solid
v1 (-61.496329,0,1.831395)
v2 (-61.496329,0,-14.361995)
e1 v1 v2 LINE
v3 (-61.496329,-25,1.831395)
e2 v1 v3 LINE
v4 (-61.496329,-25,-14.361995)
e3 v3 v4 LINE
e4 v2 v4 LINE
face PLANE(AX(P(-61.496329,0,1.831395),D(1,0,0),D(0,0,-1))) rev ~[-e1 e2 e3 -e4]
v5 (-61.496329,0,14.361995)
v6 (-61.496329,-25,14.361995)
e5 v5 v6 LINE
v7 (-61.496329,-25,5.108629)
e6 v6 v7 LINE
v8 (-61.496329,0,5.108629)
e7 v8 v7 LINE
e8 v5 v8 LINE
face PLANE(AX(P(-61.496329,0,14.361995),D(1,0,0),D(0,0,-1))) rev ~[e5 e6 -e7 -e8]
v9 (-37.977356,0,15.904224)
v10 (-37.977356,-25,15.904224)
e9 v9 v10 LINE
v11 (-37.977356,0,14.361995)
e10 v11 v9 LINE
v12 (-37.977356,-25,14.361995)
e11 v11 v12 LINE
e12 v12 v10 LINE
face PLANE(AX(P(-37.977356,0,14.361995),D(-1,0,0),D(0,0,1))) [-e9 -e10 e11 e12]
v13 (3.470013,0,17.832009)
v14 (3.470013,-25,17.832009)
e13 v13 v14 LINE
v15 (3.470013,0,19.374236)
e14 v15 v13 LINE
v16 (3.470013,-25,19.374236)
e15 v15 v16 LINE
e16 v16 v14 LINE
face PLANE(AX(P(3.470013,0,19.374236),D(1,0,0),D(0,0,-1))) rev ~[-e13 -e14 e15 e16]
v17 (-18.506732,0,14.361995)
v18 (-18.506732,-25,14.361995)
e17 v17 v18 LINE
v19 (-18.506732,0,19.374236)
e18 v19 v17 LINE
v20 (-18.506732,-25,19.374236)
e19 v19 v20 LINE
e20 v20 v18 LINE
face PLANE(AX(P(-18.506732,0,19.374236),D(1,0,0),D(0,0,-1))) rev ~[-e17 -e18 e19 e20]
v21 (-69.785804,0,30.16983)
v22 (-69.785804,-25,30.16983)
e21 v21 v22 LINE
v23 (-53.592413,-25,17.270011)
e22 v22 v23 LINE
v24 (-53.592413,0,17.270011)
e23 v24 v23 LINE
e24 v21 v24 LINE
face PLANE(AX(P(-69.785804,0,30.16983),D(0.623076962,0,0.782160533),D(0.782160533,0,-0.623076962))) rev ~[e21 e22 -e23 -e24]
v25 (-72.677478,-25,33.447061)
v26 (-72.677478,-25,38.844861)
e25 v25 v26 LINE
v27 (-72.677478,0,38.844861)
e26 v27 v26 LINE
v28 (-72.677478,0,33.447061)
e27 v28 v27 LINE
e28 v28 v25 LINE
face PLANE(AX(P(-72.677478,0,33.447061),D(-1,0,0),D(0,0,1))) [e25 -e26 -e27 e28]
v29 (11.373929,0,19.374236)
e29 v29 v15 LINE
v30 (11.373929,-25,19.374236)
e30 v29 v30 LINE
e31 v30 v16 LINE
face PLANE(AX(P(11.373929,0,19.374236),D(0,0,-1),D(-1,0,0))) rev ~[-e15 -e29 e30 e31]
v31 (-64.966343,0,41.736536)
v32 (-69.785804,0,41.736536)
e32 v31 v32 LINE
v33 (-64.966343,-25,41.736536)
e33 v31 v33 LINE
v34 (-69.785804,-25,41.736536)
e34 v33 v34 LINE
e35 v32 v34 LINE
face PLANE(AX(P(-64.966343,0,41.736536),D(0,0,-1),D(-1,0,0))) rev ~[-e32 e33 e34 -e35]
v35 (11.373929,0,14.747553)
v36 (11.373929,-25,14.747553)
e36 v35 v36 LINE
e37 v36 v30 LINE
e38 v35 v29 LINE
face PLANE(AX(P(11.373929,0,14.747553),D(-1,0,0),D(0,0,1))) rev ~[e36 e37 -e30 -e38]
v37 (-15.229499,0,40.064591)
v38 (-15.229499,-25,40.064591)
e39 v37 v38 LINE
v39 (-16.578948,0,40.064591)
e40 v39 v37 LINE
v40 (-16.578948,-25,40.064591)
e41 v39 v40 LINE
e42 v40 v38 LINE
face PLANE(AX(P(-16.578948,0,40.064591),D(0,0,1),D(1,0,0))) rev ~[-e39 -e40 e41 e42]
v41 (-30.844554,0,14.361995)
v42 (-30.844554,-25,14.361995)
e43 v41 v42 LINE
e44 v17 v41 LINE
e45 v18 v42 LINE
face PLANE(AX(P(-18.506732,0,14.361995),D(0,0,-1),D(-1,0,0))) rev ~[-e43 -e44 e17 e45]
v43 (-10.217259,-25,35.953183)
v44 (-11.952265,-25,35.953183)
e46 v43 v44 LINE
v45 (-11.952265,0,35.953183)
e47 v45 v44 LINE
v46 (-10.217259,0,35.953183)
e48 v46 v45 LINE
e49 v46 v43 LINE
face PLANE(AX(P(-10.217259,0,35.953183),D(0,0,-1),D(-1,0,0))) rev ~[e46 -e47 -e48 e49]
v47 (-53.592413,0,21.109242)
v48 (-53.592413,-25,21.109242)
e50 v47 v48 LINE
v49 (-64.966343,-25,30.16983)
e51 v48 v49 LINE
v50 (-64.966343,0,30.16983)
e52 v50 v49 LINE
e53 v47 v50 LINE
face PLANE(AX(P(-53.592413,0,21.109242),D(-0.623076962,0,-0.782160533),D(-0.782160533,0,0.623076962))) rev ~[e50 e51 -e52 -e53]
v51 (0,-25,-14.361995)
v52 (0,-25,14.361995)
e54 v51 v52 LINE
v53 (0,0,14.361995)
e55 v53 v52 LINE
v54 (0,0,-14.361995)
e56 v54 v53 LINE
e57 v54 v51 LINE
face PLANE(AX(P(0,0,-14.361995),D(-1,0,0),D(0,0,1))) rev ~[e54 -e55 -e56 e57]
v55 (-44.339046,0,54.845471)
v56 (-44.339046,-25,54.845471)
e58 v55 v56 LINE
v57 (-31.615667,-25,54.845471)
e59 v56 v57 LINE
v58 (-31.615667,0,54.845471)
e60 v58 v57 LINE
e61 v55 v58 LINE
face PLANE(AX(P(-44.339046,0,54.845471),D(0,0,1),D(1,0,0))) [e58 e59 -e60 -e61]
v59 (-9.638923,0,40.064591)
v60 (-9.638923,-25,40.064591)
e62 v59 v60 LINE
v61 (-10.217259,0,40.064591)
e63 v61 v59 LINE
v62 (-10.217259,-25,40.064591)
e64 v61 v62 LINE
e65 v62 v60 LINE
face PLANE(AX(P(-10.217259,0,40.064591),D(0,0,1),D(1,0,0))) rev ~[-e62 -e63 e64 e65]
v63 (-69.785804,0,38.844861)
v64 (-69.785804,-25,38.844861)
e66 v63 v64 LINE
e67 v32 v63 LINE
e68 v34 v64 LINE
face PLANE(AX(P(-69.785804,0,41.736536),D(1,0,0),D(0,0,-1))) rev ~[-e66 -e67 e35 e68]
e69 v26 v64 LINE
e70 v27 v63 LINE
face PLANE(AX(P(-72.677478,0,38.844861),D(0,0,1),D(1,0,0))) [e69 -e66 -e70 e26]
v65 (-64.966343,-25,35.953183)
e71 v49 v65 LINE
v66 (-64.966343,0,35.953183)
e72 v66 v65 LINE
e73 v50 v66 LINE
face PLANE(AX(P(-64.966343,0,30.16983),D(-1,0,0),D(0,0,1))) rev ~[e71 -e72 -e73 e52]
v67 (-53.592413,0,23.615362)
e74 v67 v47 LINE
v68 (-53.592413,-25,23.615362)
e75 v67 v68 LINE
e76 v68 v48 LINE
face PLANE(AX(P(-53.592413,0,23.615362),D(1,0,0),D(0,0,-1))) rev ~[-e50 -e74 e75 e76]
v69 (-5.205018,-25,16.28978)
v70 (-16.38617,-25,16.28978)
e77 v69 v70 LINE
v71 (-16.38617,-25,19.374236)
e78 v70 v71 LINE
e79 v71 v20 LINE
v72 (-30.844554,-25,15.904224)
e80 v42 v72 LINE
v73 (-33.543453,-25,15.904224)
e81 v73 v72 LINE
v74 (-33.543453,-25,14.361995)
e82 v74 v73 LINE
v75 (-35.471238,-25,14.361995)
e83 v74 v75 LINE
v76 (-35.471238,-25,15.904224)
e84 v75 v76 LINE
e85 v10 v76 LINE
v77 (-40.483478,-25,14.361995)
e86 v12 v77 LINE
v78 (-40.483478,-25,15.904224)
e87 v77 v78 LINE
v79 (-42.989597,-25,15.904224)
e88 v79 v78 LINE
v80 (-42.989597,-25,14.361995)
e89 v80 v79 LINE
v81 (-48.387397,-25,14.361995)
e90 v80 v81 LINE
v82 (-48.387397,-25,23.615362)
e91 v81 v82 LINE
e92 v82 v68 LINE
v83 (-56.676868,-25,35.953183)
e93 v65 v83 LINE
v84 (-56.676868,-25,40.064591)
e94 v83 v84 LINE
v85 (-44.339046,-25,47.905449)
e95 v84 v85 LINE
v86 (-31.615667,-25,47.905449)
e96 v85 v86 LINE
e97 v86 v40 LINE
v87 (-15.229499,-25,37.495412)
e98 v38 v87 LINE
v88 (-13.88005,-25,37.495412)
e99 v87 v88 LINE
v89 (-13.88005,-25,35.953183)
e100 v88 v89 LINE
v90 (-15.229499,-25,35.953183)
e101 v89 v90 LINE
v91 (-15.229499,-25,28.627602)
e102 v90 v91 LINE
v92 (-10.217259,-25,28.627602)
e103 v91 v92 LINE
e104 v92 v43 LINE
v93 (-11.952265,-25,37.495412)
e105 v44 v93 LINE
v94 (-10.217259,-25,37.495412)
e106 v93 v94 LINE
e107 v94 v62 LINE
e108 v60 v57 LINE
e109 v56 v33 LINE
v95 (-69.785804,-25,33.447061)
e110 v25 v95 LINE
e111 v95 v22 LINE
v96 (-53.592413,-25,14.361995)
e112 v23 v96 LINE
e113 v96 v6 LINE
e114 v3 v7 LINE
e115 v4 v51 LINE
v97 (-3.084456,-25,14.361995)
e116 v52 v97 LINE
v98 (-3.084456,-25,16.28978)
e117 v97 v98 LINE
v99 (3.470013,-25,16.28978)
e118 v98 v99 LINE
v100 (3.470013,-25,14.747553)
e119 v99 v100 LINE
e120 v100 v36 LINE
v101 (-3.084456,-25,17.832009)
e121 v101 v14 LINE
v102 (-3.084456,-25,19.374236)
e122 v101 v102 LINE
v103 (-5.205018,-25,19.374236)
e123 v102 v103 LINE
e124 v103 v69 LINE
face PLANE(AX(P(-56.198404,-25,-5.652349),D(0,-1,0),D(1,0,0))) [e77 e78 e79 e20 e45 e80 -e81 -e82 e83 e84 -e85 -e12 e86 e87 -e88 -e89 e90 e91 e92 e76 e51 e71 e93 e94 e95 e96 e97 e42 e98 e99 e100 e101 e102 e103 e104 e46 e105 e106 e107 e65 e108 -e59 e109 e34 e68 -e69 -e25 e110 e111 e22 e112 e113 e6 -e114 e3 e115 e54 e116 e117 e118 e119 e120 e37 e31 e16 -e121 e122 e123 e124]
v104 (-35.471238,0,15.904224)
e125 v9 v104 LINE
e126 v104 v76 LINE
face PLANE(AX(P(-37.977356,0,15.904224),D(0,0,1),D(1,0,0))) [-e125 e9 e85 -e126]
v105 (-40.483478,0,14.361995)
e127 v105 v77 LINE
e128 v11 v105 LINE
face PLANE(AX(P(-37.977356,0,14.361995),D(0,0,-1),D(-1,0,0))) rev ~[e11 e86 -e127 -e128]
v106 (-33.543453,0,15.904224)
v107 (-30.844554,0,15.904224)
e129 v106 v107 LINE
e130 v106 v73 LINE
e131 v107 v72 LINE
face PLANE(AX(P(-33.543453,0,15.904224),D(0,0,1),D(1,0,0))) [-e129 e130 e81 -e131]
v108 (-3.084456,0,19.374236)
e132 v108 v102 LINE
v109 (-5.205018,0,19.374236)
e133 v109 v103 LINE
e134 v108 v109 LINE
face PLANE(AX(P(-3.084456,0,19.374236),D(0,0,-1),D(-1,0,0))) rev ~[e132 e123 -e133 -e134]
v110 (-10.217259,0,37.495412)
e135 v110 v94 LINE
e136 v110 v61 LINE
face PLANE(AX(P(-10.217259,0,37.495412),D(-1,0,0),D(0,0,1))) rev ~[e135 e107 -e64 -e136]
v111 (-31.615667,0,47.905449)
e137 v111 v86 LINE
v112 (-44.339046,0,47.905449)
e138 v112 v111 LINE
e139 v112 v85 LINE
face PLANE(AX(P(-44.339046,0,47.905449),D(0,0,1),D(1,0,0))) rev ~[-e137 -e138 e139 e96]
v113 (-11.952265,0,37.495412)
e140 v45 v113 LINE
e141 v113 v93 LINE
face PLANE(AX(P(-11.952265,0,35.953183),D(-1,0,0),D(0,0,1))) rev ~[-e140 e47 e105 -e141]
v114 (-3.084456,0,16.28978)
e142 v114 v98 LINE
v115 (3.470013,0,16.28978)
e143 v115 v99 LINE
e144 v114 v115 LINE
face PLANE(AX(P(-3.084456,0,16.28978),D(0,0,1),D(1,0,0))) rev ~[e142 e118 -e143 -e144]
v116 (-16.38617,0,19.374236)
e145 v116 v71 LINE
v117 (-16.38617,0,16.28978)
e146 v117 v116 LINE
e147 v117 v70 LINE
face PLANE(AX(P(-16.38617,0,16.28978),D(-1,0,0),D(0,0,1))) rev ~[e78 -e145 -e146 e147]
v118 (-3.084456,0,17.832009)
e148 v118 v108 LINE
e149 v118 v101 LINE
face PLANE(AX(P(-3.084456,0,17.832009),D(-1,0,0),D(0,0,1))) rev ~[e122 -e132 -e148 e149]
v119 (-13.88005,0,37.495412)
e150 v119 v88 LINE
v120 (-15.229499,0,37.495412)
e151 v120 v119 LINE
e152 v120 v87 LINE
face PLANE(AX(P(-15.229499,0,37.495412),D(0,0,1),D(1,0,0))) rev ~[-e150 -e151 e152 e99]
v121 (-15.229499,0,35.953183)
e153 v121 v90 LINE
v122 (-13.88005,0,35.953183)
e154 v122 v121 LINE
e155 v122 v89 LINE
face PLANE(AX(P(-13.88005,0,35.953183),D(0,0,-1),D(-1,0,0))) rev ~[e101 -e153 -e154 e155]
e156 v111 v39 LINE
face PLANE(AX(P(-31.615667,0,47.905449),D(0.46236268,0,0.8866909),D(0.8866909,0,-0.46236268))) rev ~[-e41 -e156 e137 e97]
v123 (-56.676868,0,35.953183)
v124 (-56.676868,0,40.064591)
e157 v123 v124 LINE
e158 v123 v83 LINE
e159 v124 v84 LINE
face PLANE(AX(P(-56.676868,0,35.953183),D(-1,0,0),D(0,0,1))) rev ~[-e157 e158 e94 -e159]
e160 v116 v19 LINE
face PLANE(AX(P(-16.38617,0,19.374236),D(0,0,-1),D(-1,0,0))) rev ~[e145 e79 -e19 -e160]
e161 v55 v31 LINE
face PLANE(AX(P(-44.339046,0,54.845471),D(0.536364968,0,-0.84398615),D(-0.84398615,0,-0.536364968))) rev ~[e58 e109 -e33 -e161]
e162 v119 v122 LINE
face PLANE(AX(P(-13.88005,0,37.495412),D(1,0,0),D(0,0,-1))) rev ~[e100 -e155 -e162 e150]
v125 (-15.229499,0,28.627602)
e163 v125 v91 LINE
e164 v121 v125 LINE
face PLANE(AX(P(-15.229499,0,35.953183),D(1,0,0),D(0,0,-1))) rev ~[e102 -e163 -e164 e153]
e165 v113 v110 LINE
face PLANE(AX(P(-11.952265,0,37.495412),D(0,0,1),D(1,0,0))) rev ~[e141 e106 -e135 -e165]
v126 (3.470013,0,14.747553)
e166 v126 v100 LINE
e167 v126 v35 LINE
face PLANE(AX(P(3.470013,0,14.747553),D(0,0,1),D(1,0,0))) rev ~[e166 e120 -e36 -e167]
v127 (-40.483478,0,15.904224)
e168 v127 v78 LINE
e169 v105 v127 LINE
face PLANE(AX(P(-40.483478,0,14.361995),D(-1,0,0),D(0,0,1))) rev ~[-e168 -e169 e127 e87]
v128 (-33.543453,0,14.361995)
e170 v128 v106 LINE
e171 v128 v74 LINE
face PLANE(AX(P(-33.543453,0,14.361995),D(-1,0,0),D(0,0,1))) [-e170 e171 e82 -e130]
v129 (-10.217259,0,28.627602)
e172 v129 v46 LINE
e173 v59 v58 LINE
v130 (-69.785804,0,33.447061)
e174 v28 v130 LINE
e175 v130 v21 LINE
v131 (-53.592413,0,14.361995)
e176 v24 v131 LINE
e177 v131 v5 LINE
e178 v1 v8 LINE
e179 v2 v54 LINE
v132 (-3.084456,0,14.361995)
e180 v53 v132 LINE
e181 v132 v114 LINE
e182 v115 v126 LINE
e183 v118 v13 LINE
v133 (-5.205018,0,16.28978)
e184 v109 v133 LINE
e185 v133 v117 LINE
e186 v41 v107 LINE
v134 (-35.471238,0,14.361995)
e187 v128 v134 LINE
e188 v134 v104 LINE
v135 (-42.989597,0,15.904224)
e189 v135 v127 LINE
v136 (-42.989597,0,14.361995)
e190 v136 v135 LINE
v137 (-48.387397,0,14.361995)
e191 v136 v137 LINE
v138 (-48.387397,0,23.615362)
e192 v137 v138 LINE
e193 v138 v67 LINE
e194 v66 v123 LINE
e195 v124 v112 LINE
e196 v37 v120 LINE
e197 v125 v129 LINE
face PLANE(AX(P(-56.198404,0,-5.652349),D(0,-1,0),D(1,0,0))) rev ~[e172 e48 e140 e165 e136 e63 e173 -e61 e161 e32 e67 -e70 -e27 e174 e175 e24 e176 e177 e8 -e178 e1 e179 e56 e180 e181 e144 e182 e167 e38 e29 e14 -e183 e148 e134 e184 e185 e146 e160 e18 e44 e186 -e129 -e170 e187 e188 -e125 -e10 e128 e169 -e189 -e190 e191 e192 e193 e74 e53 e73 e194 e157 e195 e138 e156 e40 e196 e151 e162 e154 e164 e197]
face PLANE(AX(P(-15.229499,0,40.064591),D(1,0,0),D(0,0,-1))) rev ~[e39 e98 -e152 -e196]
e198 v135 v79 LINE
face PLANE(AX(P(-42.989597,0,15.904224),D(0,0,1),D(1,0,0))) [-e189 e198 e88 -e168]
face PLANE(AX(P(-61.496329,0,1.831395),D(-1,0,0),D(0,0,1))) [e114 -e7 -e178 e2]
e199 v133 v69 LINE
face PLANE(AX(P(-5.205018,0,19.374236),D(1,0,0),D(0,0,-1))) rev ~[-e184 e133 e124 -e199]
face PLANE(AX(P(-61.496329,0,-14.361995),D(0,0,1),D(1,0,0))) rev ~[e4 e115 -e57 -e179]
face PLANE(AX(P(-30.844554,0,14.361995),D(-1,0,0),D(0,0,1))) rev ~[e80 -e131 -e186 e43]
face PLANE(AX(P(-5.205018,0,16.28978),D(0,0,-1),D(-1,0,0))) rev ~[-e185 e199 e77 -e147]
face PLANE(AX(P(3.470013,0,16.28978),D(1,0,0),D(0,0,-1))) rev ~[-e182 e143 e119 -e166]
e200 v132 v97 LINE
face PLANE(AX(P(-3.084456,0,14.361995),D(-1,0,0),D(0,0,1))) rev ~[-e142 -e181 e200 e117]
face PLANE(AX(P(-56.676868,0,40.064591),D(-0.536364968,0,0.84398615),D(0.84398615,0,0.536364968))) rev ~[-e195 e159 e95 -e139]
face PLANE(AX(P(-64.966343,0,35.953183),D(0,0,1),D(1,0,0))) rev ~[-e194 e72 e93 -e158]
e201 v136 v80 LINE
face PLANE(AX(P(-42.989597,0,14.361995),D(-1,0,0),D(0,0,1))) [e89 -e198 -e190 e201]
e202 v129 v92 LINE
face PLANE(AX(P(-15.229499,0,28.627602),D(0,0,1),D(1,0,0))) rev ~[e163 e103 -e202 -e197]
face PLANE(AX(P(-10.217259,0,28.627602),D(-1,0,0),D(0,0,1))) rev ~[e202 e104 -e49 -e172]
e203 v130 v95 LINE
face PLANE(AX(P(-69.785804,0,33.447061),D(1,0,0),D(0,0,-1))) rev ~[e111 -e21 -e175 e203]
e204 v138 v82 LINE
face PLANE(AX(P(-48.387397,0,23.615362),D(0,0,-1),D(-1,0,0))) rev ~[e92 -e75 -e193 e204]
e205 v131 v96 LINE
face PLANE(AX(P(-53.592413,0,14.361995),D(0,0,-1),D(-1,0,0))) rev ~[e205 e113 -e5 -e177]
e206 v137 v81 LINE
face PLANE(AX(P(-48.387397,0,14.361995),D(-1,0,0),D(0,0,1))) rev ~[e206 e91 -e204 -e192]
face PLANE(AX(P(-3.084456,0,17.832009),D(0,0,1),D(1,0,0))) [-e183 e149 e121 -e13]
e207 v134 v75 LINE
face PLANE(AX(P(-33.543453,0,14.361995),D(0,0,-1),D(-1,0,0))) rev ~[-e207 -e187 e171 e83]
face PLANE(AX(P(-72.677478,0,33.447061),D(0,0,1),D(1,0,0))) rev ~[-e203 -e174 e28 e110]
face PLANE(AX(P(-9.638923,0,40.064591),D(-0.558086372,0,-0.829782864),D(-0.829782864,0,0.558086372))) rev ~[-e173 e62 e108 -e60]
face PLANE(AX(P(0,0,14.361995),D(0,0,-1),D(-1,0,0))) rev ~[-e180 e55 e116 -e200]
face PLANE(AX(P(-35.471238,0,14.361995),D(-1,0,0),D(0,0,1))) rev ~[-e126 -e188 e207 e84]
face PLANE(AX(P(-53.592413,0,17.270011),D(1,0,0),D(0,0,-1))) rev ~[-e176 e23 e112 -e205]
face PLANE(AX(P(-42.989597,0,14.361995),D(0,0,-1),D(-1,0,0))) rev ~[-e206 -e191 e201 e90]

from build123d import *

# Parameters (mm, degrees)
F0_W     = 10.6028132141
F0_H     = 3.2772339182
F0_W_2   = 2.5061182678
F0_H_2   = 1.542228274
F0_W_3   = 2.8916746378
F0_H_3   = 5.3978003561
F0_W_4   = 2.6988983154
F0_W_5   = 6.5544687677
F0_H_4   = 1.5422292054
F0_W_6   = 12.7233788371
F0_H_5   = 6.9400221109
F1_DEPTH = 25


with BuildPart() as f1:
    # F0 (on Front) → F1 (new body)
    with BuildSketch(Plane.XZ):
        Polygon((-61.4963285625, 1.8313954351), (-61.4963285625, 0), (-61.4963285625, -12.0486542583), (-58.026317507, -14.3619952723), (-54.5563027263, -14.3619952723), (-50.8935153484, -12.0486542583), (-50.8935153484, 1.8313954351), align=None)
        with Locations((-56.1949219555, 3.4700123942)):
            Rectangle(F0_W, F0_H)
        Polygon((-61.4963285625, 7.1809976362), (-61.4963285625, 5.1086293533), (-50.8935153484, 5.1086293533), (-50.8935153484, 7.1809976362), (-54.5563027263, 9.1569777578), (-56.2913101166, 9.1569777578), (-58.026317507, 9.1569777578), align=None)
        Polygon((-50.8935153484, 5.1086293533), (-50.8935153484, 1.8313954351), (-50.8935153484, -12.0486542583), (-54.5563027263, -14.3619952723), (0, -14.3619952723), (0, 14.3619952723), (-3.0844560824, 14.3619952723), (-18.506731838, 14.3619952723), (-30.8445543051, 14.3619952723), (-33.5434526205, 14.3619952723), (-35.4712381959, 14.3619952723), (-37.9773564637, 14.3619952723), (-40.4834784567, 14.3619952723), (-42.9895967245, 14.3619952723), (-48.3873970807, 14.3619952723), (-50.8935153484, 14.3619952723), (-56.2913101166, 9.1569777578), (-54.5563027263, 9.1569777578), (-50.8935153484, 7.1809976362), align=None)
        Polygon((-58.026317507, -14.3619952723), (-61.4963285625, -12.0486542583), (-61.4963285625, -14.3619952723), align=None)
        Polygon((-61.4963285625, 14.3619952723), (-61.4963285625, 7.1809976362), (-58.026317507, 9.1569777578), (-56.2913101166, 9.1569777578), (-50.8935153484, 14.3619952723), (-53.5924127325, 14.3619952723), align=None)
        with Locations((-41.7365375906, 15.1331094094)):
            Rectangle(F0_W_2, F0_H_2)
        with Locations((-71.2316408753, 36.1459609121)):
            Rectangle(F0_W_3, F0_H_3)
        Polygon((-69.7858035564, 31.1435235796), (-69.7858035564, 30.1698297262), (-64.9663433433, 30.1698297262), (-64.9663433433, 35.9531827271), (-64.9663433433, 41.736535728), (-69.7858035564, 41.736535728), (-69.7858035564, 38.8448610902), (-69.7858035564, 33.447060734), align=None)
        Polygon((-69.7858035564, 30.1698297262), (-53.5924127325, 17.2700114231), (-53.5924127325, 21.1092419922), (-64.9663433433, 30.1698297262), align=None)
        Polygon((-53.5924127325, 17.2700114231), (-53.5924127325, 14.3619952723), (-50.8935153484, 14.3619952723), (-48.3873970807, 14.3619952723), (-48.3873970807, 23.6153621227), (-53.5924127325, 23.6153621227), (-53.5924127325, 21.1092419922), align=None)
        with Locations((-36.7242973298, 15.1331094094)):
            Rectangle(F0_W_2, F0_H_2)
        with Locations((-32.1940034628, 15.1331094094)):
            Rectangle(F0_W_4, F0_H_2)
        Polygon((-18.506731838, 14.3619952723), (-3.0844560824, 14.3619952723), (-3.0844560824, 16.2897799164), (-3.0844560824, 17.8320091218), (-3.0844560824, 19.3742364645), (-5.2050179802, 19.3742364645), (-5.2050179802, 16.2897799164), (-16.3861699402, 16.2897799164), (-16.3861699402, 19.3742364645), (-18.506731838, 19.3742364645), align=None)
        with Locations((0.1927783014, 17.0608945191)):
            Rectangle(F0_W_5, F0_H_4)
        Polygon((3.4700126853, 17.8320091218), (3.4700126853, 16.2897799164), (3.4700126853, 14.7475525737), (11.3739287481, 14.7475525737), (11.3739287481, 19.3742364645), (3.4700126853, 19.3742364645), align=None)
        Polygon((-10.2172587067, 37.4954119325), (-10.2172587067, 40.0645905817), (-15.2294989675, 40.0645905817), (-15.2294989675, 37.4954119325), (-13.8800498098, 37.4954119325), (-13.8800498098, 35.9531827271), (-15.2294989675, 35.9531827271), (-15.2294989675, 28.6276023835), (-12.7233788371, 28.6276023835), (-10.2172587067, 28.6276023835), (-10.2172587067, 35.9531827271), (-11.9522651657, 35.9531827271), (-11.9522651657, 37.4954119325), align=None)
        Polygon((-9.6389232203, 40.0645905817), (-31.6156670451, 54.8454709351), (-31.6156670451, 47.9054488242), (-16.5789481252, 40.0645905817), (-15.2294989675, 40.0645905817), (-10.2172587067, 40.0645905817), align=None)
        with Locations((-37.9773564637, 51.3754598796)):
            Rectangle(F0_W_6, F0_H_5)
        Polygon((-44.3390458822, 54.8454709351), (-64.9663433433, 41.736535728), (-56.6768683493, 41.736535728), (-56.6768683493, 40.0645905817), (-44.3390458822, 47.9054488242), align=None)
        Polygon((-64.9663433433, 41.736535728), (-64.9663433433, 35.9531827271), (-56.6768683493, 35.9531827271), (-56.6768683493, 40.0645905817), (-56.6768683493, 41.736535728), align=None)
    extrude(amount=F1_DEPTH)


solid = f1.part
